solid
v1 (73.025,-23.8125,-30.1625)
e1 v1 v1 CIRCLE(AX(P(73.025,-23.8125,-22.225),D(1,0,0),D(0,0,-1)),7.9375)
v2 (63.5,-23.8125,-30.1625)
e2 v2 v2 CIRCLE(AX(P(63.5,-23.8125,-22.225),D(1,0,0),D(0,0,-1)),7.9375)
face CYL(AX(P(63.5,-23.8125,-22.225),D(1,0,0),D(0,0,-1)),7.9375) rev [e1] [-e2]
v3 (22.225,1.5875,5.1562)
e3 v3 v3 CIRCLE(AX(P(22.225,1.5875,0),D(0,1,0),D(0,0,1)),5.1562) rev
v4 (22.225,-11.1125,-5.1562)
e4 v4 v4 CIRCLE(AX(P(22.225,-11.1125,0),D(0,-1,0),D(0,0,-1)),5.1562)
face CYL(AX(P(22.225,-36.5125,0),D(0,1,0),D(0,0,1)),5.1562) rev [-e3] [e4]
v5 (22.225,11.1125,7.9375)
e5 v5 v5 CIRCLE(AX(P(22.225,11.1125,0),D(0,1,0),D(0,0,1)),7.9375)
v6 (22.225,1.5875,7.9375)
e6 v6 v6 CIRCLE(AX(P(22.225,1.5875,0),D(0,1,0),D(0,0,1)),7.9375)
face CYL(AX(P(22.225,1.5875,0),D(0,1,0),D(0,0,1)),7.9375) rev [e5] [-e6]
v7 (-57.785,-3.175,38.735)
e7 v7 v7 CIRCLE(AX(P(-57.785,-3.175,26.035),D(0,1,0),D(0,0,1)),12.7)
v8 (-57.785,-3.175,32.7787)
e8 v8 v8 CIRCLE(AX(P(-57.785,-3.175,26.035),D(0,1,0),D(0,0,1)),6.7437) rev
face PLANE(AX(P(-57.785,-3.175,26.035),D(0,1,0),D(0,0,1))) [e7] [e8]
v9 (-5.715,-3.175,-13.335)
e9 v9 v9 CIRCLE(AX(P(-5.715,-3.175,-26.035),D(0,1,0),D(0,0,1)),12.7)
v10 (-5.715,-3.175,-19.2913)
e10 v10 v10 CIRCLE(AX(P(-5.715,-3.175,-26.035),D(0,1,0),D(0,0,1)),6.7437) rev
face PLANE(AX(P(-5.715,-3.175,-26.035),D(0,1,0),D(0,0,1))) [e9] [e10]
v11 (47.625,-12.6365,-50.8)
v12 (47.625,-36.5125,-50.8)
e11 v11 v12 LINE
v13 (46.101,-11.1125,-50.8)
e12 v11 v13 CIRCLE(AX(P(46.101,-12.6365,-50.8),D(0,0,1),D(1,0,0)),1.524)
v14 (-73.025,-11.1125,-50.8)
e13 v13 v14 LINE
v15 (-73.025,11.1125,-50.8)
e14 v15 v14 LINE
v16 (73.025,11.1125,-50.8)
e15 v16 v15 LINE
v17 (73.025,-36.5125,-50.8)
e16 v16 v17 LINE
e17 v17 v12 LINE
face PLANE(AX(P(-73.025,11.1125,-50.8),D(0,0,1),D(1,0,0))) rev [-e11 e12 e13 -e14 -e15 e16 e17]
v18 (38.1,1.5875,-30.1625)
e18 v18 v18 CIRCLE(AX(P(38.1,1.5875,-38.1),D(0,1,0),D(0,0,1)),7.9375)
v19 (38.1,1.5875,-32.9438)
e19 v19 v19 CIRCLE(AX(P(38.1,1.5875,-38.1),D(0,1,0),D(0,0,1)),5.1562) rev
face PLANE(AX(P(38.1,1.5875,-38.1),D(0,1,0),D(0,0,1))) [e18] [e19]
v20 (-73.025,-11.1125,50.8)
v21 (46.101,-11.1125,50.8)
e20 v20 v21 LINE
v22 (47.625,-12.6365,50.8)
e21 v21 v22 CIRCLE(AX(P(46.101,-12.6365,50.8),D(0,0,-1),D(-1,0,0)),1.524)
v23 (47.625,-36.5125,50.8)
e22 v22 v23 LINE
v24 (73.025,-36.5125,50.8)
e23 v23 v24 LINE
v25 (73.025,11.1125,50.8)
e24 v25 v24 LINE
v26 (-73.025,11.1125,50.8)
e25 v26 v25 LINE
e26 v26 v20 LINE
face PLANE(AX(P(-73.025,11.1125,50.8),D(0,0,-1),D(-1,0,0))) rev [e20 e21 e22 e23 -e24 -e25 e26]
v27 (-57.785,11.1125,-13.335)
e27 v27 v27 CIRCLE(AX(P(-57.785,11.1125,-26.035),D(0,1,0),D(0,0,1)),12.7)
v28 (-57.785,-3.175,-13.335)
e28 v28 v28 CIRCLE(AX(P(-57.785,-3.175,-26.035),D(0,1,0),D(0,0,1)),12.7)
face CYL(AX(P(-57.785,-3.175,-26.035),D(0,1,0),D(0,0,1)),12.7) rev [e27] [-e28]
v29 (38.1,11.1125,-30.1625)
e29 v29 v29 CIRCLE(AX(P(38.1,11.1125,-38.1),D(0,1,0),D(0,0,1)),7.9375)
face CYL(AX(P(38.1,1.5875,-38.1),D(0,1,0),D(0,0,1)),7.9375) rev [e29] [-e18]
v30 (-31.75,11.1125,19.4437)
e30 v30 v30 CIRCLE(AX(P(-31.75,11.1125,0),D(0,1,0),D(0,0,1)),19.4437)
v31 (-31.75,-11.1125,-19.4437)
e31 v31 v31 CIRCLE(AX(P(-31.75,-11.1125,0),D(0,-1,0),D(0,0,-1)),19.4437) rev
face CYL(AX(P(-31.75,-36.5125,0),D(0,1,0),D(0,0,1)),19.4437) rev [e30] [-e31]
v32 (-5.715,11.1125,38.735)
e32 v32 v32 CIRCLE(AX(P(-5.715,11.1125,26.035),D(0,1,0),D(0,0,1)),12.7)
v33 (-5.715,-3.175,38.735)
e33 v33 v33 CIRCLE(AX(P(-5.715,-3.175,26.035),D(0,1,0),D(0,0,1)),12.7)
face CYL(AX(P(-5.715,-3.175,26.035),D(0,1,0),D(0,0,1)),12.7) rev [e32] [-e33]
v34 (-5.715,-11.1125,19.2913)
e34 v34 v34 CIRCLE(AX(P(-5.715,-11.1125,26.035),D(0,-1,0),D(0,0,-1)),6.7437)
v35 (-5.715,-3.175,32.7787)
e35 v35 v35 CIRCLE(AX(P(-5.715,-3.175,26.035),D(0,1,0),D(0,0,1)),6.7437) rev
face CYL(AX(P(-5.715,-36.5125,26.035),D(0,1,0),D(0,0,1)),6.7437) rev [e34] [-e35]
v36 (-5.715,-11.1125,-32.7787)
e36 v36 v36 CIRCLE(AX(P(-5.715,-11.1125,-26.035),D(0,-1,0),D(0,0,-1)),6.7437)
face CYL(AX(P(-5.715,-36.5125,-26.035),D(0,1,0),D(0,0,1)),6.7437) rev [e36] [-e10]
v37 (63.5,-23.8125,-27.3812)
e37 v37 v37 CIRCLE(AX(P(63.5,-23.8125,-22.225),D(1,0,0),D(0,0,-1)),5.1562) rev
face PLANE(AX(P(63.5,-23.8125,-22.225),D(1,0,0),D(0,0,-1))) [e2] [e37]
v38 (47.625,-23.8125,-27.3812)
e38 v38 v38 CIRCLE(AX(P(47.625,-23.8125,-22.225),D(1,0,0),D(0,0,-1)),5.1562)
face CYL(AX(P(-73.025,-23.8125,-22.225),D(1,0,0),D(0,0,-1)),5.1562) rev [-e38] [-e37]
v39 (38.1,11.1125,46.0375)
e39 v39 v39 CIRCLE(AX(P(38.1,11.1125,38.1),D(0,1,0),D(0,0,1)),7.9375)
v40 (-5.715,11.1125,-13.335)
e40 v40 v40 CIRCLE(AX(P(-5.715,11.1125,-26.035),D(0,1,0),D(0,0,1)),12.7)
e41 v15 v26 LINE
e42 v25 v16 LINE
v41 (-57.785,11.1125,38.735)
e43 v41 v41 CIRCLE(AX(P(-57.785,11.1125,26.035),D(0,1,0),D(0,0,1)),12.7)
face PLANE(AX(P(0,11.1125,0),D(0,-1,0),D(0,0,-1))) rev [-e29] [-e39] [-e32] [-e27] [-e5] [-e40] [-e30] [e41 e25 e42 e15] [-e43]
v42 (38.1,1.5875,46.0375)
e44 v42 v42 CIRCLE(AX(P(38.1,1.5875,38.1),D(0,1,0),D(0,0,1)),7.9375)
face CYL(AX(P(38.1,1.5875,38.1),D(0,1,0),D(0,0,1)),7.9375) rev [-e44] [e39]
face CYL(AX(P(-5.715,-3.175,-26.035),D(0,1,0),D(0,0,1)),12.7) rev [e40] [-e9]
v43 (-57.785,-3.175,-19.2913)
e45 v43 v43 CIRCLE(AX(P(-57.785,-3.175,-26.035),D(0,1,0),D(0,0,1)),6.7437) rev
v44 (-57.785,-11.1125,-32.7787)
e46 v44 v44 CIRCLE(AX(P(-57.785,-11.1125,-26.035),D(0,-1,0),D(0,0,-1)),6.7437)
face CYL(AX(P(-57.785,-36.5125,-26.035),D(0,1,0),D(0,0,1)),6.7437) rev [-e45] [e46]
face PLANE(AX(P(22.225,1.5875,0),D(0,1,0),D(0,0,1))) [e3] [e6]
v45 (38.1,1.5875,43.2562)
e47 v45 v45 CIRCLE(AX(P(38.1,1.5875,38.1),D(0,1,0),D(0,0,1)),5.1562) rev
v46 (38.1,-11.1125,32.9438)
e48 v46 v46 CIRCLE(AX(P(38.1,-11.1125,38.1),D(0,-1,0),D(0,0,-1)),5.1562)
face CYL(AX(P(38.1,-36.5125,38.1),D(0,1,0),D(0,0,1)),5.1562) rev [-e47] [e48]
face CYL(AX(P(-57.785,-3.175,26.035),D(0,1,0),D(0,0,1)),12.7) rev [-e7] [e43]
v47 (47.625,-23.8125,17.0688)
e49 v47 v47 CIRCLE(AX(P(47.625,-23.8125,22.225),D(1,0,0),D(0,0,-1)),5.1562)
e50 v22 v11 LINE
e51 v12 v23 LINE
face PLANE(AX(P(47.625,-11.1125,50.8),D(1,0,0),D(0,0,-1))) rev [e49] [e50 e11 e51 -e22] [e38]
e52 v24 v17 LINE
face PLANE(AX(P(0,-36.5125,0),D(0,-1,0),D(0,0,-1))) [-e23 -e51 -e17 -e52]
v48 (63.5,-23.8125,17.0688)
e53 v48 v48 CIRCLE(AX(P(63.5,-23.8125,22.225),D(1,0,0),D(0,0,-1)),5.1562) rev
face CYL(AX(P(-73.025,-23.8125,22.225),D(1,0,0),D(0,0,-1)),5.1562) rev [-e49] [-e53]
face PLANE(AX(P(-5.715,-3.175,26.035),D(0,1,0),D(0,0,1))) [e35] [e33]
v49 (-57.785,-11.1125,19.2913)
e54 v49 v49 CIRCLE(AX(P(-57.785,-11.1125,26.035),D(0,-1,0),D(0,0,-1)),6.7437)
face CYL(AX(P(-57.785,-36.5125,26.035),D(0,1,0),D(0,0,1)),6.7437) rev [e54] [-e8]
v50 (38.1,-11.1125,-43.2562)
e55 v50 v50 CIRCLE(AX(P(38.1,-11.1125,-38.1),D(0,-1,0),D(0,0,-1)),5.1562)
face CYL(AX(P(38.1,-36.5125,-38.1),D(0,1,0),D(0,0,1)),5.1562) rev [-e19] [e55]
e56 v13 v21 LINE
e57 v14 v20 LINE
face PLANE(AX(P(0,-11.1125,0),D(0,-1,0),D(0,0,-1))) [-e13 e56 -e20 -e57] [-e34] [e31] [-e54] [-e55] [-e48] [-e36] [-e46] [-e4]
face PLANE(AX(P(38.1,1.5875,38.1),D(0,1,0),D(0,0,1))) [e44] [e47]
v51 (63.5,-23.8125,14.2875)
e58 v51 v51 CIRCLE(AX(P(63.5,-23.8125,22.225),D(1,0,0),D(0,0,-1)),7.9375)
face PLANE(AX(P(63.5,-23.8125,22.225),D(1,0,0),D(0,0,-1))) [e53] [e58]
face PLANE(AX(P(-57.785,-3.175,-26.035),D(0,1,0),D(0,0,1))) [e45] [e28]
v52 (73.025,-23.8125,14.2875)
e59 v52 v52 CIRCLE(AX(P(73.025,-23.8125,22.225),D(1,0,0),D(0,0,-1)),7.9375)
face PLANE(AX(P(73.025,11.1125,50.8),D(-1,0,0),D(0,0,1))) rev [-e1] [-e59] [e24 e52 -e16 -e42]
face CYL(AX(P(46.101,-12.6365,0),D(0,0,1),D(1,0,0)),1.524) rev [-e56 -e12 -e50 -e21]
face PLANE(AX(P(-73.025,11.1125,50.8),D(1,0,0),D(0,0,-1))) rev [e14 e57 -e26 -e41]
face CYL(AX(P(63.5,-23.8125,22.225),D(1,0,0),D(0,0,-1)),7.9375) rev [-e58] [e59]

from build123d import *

# Parameters (mm, degrees)
SKETCH1_W           = 146.05
SKETCH1_H           = 101.6
BOSS_EXTRUDE1_DEPTH = 11.1125
BOSS_EXTRUDE2_START = -36.5125
SKETCH2_W           = 25.4
SKETCH2_H           = 101.6
BOSS_EXTRUDE2_DEPTH = 25.4
FILLET1_R           = 1.524
CUT_EXTRUDE2_START  = 11.1125
SKETCH3_R           = 19.4437
CUT_EXTRUDE2_DEPTH  = 36.5125
CUT_EXTRUDE4_START  = 11.1125
SKETCH4_R           = 6.7437
CUT_EXTRUDE4_DEPTH  = 108.270980028
CUT_EXTRUDE6_START  = 11.1125
SKETCH5_R           = 12.7
CUT_EXTRUDE6_DEPTH  = 14.2875
CUT_EXTRUDE8_START  = 11.1125
SKETCH6_R           = 5.1562
CUT_EXTRUDE8_DEPTH  = 108.270980028
CUT_EXTRUDE10_START = 11.1125
SKETCH7_R           = 7.9375
CUT_EXTRUDE10_DEPTH = 9.525
CUT_EXTRUDE12_START = 11.1125
SKETCH8_R           = 5.1562
CUT_EXTRUDE12_DEPTH = 108.270980028
CUT_EXTRUDE14_START = 11.1125
SKETCH9_R           = 7.9375
CUT_EXTRUDE14_DEPTH = 9.525
CUT_EXTRUDE16_START = 73.025
SKETCH10_R          = 5.1562
CUT_EXTRUDE16_DEPTH = 170.183480028
CUT_EXTRUDE18_START = 73.025
SKETCH11_R          = 7.9375
CUT_EXTRUDE18_DEPTH = 9.525


with BuildPart() as part:
    # Sketch1 → Boss-Extrude1 (new, symmetric)
    with BuildSketch(Plane(origin=(0, 0, 0), x_dir=(1, 0, 0), z_dir=(0, 1, 0))):
        Rectangle(SKETCH1_W, SKETCH1_H)
    extrude(amount=BOSS_EXTRUDE1_DEPTH, both=True)

    # Sketch2 → Boss-Extrude2 (add)
    with BuildSketch(Plane(origin=(0, 0, 0), x_dir=(1, 0, 0), z_dir=(0, 1, 0)).offset(BOSS_EXTRUDE2_START)):
        with Locations((60.325, 0)):
            Rectangle(SKETCH2_W, SKETCH2_H)
    extrude(amount=BOSS_EXTRUDE2_DEPTH)

    # Fillet1
    fillet1_edges = [part.edges().sort_by_distance(p)[0] for p in [
        (47.625, -11.1125, 0),
    ]]
    fillet(fillet1_edges, radius=FILLET1_R)

    # Sketch3 → Cut-Extrude2 (cut)
    with BuildSketch(Plane(origin=(0, 0, 0), x_dir=(1, 0, 0), z_dir=(0, 1, 0)).offset(CUT_EXTRUDE2_START)):
        with Locations(Location((-31.75, 0, 0), (0, 0, 270))):
            Circle(SKETCH3_R)
    extrude(amount=-CUT_EXTRUDE2_DEPTH, mode=Mode.SUBTRACT)

    # Sketch4 → Cut-Extrude4 (cut, through all)
    with BuildSketch(Plane(origin=(0, 0, 0), x_dir=(1, 0, 0), z_dir=(0, 1, 0)).offset(CUT_EXTRUDE4_START)):
        with Locations(Location((-57.785, -26.035, 0), (0, 0, 270))):
            Circle(SKETCH4_R)
        with Locations(Location((-5.715, -26.035, 0), (0, 0, 270))):
            Circle(SKETCH4_R)
        with Locations(Location((-57.785, 26.035, 0), (0, 0, 270))):
            Circle(SKETCH4_R)
        with Locations(Location((-5.715, 26.035, 0), (0, 0, 270))):
            Circle(SKETCH4_R)
    extrude(amount=-CUT_EXTRUDE4_DEPTH, mode=Mode.SUBTRACT)

    # Sketch5 → Cut-Extrude6 (cut)
    with BuildSketch(Plane(origin=(0, 0, 0), x_dir=(1, 0, 0), z_dir=(0, 1, 0)).offset(CUT_EXTRUDE6_START)):
        with Locations(Location((-57.785, -26.035, 0), (0, 0, 270))):
            Circle(SKETCH5_R)
        with Locations(Location((-5.715, -26.035, 0), (0, 0, 270))):
            Circle(SKETCH5_R)
        with Locations(Location((-57.785, 26.035, 0), (0, 0, 270))):
            Circle(SKETCH5_R)
        with Locations(Location((-5.715, 26.035, 0), (0, 0, 270))):
            Circle(SKETCH5_R)
    extrude(amount=-CUT_EXTRUDE6_DEPTH, mode=Mode.SUBTRACT)

    # Sketch6 → Cut-Extrude8 (cut, through all)
    with BuildSketch(Plane(origin=(0, 0, 0), x_dir=(1, 0, 0), z_dir=(0, 1, 0)).offset(CUT_EXTRUDE8_START)):
        with Locations(Location((38.1, -38.1, 0), (0, 0, 270))):
            Circle(SKETCH6_R)
        with Locations(Location((38.1, 38.1, 0), (0, 0, 270))):
            Circle(SKETCH6_R)
    extrude(amount=-CUT_EXTRUDE8_DEPTH, mode=Mode.SUBTRACT)

    # Sketch7 → Cut-Extrude10 (cut)
    with BuildSketch(Plane(origin=(0, 0, 0), x_dir=(1, 0, 0), z_dir=(0, 1, 0)).offset(CUT_EXTRUDE10_START)):
        with Locations(Location((38.1, -38.1, 0), (0, 0, 270))):
            Circle(SKETCH7_R)
        with Locations(Location((38.1, 38.1, 0), (0, 0, 270))):
            Circle(SKETCH7_R)
    extrude(amount=-CUT_EXTRUDE10_DEPTH, mode=Mode.SUBTRACT)

    # Sketch8 → Cut-Extrude12 (cut, through all)
    with BuildSketch(Plane(origin=(0, 0, 0), x_dir=(1, 0, 0), z_dir=(0, 1, 0)).offset(CUT_EXTRUDE12_START)):
        with Locations(Location((22.225, 0, 0), (0, 0, 270))):
            Circle(SKETCH8_R)
    extrude(amount=-CUT_EXTRUDE12_DEPTH, mode=Mode.SUBTRACT)

    # Sketch9 → Cut-Extrude14 (cut)
    with BuildSketch(Plane(origin=(0, 0, 0), x_dir=(1, 0, 0), z_dir=(0, 1, 0)).offset(CUT_EXTRUDE14_START)):
        with Locations(Location((22.225, 0, 0), (0, 0, 270))):
            Circle(SKETCH9_R)
    extrude(amount=-CUT_EXTRUDE14_DEPTH, mode=Mode.SUBTRACT)

    # Sketch10 → Cut-Extrude16 (cut, through all)
    with BuildSketch(Plane(origin=(0, 0, 0), x_dir=(0, 0, -1), z_dir=(1, 0, 0)).offset(CUT_EXTRUDE16_START)):
        with Locations((-22.225, -23.8125)):
            Circle(SKETCH10_R)
        with Locations((22.225, -23.8125)):
            Circle(SKETCH10_R)
    extrude(amount=-CUT_EXTRUDE16_DEPTH, mode=Mode.SUBTRACT)

    # Sketch11 → Cut-Extrude18 (cut)
    with BuildSketch(Plane(origin=(0, 0, 0), x_dir=(0, 0, -1), z_dir=(1, 0, 0)).offset(CUT_EXTRUDE18_START)):
        with Locations((-22.225, -23.8125)):
            Circle(SKETCH11_R)
        with Locations((22.225, -23.8125)):
            Circle(SKETCH11_R)
    extrude(amount=-CUT_EXTRUDE18_DEPTH, mode=Mode.SUBTRACT)


solid = part.part
